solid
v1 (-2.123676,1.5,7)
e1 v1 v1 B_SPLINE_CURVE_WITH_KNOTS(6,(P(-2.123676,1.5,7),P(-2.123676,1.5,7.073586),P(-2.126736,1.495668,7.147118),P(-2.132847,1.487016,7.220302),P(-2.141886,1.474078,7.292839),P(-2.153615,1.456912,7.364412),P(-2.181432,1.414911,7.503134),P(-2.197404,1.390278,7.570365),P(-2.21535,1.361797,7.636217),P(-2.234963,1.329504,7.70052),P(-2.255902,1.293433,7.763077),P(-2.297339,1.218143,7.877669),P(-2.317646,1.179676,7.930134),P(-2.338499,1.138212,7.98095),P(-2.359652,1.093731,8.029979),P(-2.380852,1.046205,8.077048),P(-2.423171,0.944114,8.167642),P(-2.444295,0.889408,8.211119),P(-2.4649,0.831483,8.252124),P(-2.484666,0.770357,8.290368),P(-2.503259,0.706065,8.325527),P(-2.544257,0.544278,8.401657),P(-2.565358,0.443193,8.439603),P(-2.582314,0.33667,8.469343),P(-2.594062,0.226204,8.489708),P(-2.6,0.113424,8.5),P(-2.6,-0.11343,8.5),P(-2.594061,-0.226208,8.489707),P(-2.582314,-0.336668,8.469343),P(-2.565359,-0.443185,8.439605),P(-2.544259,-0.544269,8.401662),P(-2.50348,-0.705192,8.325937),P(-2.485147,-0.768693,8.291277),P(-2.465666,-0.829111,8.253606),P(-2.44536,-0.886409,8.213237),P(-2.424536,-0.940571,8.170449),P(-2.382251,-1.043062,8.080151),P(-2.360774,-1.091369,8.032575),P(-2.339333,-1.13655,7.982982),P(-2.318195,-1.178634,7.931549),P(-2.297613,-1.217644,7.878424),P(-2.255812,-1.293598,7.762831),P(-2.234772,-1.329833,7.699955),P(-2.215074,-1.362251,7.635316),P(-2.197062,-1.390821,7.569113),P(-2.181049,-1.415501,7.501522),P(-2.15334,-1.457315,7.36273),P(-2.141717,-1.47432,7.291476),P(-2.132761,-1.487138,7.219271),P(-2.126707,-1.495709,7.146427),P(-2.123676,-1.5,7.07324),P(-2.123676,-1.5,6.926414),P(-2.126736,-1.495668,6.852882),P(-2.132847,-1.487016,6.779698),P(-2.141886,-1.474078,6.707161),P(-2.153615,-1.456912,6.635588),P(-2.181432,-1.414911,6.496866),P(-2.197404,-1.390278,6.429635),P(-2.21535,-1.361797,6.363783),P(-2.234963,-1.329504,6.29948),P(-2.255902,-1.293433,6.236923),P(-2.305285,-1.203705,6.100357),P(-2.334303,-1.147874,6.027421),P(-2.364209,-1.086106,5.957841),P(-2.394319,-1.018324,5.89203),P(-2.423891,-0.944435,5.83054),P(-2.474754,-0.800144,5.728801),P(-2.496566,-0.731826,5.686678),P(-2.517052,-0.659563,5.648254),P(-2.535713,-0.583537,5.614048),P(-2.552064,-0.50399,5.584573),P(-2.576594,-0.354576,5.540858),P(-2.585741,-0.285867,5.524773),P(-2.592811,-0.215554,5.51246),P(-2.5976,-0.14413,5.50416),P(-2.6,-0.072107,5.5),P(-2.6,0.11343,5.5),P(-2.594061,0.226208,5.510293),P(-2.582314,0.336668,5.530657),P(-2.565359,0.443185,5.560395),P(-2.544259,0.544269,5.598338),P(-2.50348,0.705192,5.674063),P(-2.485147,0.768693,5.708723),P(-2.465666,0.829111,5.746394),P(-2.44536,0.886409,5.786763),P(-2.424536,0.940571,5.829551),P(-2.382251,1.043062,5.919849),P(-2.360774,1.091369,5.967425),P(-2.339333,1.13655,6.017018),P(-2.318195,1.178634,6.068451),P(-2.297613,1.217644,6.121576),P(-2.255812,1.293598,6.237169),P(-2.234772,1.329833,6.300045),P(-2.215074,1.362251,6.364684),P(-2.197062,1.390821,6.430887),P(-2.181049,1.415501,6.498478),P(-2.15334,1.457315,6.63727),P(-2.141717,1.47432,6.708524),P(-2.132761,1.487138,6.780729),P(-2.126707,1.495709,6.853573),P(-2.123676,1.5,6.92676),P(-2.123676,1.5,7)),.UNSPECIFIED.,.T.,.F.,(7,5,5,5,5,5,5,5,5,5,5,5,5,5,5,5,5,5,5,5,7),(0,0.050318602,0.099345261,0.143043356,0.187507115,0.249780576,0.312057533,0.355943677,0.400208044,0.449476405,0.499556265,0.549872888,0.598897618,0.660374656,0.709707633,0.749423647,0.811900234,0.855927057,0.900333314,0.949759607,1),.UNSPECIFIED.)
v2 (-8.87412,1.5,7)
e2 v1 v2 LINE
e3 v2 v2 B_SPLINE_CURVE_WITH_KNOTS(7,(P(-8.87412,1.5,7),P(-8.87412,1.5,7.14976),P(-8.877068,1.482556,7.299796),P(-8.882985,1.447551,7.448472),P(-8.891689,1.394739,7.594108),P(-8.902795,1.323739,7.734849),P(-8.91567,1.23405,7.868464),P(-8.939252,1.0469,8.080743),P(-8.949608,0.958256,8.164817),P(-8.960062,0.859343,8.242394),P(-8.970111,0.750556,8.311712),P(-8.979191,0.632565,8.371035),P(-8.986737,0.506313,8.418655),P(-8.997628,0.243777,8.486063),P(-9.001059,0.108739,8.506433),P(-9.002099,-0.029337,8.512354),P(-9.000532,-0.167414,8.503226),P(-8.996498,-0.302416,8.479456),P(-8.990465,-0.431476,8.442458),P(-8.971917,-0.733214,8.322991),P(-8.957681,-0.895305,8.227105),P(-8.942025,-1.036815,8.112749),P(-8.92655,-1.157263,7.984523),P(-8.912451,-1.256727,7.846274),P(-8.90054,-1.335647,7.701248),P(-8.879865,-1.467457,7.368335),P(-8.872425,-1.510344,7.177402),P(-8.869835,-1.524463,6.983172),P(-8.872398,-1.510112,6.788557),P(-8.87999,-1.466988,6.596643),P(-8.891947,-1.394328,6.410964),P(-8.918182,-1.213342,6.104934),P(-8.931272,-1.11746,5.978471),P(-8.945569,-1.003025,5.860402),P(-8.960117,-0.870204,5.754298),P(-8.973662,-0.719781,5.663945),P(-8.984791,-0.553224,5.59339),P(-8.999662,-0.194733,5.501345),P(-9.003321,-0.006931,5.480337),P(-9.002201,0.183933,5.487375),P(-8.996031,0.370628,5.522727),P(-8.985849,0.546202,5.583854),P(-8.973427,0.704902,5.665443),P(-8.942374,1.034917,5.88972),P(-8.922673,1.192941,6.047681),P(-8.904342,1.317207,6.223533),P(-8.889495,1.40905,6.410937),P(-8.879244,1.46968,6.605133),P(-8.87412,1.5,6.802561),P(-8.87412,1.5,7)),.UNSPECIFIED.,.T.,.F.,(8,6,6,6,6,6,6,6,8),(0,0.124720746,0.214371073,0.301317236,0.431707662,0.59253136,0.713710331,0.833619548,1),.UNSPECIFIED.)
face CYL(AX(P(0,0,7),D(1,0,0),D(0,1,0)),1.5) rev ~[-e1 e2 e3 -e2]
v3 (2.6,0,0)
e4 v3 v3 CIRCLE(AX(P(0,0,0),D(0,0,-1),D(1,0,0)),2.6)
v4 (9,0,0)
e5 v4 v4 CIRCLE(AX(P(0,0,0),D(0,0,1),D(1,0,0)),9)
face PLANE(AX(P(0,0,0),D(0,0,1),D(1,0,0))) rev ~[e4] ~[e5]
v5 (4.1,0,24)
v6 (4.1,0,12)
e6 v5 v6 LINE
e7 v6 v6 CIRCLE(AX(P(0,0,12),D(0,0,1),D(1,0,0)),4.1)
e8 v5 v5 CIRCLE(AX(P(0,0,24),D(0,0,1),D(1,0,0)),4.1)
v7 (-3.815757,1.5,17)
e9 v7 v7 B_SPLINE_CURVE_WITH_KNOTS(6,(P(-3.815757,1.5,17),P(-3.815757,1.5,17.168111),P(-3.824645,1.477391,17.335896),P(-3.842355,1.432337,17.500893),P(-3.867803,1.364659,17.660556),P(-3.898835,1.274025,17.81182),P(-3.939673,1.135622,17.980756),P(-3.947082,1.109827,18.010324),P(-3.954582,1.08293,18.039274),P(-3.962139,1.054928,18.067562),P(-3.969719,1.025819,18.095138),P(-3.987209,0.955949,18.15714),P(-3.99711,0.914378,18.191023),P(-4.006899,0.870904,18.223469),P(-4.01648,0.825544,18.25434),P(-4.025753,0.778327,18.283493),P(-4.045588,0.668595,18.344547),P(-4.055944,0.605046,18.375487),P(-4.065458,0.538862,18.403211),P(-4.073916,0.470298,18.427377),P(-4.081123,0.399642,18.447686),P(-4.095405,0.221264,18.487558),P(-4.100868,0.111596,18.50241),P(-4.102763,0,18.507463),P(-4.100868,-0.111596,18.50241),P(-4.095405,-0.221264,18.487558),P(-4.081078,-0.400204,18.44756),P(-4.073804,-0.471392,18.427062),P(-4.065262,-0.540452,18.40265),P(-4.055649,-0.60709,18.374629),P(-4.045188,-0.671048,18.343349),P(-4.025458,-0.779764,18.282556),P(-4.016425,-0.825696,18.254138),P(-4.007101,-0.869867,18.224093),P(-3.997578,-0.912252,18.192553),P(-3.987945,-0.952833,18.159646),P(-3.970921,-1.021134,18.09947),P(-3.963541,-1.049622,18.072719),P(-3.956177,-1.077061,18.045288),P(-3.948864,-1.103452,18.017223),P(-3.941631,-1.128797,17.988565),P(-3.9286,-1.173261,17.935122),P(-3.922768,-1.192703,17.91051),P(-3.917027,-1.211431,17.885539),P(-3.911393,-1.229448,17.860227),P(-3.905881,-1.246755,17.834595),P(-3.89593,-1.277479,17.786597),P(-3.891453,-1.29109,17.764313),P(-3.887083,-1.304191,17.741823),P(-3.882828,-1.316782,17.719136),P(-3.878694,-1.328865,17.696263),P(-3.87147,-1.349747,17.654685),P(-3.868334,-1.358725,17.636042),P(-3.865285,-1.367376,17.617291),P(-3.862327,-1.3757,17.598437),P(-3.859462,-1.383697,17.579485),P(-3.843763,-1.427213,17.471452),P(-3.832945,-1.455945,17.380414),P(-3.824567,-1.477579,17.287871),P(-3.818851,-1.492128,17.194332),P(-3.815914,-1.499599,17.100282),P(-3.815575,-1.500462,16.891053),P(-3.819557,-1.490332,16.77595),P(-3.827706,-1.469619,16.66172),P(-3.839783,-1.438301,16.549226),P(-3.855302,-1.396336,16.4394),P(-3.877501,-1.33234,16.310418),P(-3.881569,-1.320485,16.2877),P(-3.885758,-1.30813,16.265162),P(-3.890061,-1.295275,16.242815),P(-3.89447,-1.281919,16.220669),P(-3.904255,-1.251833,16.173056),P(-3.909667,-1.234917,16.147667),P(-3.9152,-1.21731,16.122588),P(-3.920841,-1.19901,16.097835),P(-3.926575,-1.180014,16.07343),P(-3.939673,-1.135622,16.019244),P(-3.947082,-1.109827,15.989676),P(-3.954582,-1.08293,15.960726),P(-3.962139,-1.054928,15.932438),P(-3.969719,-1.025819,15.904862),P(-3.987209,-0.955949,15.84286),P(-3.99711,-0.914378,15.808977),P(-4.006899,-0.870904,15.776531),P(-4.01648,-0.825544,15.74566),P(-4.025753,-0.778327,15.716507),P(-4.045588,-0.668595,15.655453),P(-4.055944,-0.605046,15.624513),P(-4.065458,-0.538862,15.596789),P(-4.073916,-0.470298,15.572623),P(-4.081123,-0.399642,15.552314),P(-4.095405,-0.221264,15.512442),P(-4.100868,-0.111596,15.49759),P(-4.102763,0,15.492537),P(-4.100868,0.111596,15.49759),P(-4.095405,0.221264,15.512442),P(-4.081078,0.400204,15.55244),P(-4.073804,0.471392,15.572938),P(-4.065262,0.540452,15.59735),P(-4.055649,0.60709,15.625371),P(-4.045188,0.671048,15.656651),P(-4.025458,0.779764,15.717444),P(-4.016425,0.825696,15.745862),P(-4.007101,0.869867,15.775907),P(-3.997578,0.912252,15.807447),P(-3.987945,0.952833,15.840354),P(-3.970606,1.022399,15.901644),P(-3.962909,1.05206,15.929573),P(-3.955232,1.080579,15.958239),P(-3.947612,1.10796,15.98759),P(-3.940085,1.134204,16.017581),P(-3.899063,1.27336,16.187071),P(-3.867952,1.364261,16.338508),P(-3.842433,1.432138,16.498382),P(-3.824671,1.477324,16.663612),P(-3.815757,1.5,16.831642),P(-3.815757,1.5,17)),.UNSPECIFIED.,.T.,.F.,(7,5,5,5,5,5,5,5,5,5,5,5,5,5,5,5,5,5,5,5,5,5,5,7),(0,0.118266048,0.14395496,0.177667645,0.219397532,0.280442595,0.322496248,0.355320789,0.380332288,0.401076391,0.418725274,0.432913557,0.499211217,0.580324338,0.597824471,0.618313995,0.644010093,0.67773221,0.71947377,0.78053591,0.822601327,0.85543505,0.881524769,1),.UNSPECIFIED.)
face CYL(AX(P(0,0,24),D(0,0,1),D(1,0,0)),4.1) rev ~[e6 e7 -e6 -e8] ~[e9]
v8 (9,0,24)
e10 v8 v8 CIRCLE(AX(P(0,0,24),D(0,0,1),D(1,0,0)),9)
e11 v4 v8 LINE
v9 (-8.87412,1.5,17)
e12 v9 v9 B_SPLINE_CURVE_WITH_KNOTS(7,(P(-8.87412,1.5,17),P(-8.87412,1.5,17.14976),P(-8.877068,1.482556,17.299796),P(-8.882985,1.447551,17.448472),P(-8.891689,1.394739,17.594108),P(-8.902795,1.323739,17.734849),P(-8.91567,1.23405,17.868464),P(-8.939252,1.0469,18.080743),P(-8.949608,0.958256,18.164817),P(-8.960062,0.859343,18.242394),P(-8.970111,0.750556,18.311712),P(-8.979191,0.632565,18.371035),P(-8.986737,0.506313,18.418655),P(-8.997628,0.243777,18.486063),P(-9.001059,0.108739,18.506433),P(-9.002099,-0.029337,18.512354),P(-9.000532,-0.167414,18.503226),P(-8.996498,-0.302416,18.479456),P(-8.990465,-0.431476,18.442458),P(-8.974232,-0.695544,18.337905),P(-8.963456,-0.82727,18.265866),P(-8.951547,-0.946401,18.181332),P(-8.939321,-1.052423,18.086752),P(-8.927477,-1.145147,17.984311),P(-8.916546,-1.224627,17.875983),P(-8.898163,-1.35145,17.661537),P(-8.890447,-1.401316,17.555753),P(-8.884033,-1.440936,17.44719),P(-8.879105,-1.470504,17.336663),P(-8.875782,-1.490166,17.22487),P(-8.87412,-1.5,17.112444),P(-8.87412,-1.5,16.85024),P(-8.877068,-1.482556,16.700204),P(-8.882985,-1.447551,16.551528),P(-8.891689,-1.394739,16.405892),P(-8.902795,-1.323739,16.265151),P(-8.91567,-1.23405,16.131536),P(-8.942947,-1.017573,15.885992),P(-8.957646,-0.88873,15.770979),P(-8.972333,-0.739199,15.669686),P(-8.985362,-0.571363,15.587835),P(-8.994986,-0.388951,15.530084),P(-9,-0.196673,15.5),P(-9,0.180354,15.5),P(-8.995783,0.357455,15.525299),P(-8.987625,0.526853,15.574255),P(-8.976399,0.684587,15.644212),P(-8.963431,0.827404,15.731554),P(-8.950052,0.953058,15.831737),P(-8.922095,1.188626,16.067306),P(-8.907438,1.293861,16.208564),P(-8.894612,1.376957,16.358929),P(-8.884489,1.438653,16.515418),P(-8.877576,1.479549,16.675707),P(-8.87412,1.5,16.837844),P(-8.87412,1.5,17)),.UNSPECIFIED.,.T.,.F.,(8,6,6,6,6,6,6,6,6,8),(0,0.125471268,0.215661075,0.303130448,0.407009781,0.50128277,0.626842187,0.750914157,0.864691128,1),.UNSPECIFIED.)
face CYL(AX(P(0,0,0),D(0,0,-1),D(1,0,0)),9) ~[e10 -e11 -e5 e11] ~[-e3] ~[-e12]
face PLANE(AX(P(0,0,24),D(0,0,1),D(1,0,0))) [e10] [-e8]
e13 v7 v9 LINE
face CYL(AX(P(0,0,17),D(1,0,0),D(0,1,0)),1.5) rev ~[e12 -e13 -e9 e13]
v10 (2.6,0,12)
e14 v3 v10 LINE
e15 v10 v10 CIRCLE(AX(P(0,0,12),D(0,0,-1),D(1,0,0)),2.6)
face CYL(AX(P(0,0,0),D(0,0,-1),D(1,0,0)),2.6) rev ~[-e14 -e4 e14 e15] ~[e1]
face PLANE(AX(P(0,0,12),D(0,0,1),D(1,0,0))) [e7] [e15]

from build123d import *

# Parameters (mm, degrees)
F0_R     = 9
F1_DEPTH = 24
F2_R     = 4.1
F3_DEPTH = 12
F4_R     = 2.6
F5_DEPTH = 25
F6_R     = 1.5
F7_DEPTH = 25


with BuildPart() as f1:
    # F0 (on Top) → F1 (new body)
    with BuildSketch(Plane.XY):
        Circle(F0_R)
    extrude(amount=F1_DEPTH)

    # F2 (on face) → F3 (cut)
    with BuildSketch(Plane.XY.offset(24)):
        Circle(F2_R)
    extrude(amount=-F3_DEPTH, mode=Mode.SUBTRACT)

    # F4 (on face) → F5 (cut)
    with BuildSketch(Plane(origin=(0, 0, 0), x_dir=(1, 0, 0), z_dir=(0, 0, -1))):
        Circle(F4_R)
    extrude(amount=-F5_DEPTH, mode=Mode.SUBTRACT)

    # F6 (on Right) → F7 (cut)
    with BuildSketch(Plane.YZ):
        with Locations((0, 17)):
            Circle(F6_R)
        with Locations((0, 7)):
            Circle(F6_R)
    extrude(amount=-F7_DEPTH, mode=Mode.SUBTRACT)


solid = f1.part
